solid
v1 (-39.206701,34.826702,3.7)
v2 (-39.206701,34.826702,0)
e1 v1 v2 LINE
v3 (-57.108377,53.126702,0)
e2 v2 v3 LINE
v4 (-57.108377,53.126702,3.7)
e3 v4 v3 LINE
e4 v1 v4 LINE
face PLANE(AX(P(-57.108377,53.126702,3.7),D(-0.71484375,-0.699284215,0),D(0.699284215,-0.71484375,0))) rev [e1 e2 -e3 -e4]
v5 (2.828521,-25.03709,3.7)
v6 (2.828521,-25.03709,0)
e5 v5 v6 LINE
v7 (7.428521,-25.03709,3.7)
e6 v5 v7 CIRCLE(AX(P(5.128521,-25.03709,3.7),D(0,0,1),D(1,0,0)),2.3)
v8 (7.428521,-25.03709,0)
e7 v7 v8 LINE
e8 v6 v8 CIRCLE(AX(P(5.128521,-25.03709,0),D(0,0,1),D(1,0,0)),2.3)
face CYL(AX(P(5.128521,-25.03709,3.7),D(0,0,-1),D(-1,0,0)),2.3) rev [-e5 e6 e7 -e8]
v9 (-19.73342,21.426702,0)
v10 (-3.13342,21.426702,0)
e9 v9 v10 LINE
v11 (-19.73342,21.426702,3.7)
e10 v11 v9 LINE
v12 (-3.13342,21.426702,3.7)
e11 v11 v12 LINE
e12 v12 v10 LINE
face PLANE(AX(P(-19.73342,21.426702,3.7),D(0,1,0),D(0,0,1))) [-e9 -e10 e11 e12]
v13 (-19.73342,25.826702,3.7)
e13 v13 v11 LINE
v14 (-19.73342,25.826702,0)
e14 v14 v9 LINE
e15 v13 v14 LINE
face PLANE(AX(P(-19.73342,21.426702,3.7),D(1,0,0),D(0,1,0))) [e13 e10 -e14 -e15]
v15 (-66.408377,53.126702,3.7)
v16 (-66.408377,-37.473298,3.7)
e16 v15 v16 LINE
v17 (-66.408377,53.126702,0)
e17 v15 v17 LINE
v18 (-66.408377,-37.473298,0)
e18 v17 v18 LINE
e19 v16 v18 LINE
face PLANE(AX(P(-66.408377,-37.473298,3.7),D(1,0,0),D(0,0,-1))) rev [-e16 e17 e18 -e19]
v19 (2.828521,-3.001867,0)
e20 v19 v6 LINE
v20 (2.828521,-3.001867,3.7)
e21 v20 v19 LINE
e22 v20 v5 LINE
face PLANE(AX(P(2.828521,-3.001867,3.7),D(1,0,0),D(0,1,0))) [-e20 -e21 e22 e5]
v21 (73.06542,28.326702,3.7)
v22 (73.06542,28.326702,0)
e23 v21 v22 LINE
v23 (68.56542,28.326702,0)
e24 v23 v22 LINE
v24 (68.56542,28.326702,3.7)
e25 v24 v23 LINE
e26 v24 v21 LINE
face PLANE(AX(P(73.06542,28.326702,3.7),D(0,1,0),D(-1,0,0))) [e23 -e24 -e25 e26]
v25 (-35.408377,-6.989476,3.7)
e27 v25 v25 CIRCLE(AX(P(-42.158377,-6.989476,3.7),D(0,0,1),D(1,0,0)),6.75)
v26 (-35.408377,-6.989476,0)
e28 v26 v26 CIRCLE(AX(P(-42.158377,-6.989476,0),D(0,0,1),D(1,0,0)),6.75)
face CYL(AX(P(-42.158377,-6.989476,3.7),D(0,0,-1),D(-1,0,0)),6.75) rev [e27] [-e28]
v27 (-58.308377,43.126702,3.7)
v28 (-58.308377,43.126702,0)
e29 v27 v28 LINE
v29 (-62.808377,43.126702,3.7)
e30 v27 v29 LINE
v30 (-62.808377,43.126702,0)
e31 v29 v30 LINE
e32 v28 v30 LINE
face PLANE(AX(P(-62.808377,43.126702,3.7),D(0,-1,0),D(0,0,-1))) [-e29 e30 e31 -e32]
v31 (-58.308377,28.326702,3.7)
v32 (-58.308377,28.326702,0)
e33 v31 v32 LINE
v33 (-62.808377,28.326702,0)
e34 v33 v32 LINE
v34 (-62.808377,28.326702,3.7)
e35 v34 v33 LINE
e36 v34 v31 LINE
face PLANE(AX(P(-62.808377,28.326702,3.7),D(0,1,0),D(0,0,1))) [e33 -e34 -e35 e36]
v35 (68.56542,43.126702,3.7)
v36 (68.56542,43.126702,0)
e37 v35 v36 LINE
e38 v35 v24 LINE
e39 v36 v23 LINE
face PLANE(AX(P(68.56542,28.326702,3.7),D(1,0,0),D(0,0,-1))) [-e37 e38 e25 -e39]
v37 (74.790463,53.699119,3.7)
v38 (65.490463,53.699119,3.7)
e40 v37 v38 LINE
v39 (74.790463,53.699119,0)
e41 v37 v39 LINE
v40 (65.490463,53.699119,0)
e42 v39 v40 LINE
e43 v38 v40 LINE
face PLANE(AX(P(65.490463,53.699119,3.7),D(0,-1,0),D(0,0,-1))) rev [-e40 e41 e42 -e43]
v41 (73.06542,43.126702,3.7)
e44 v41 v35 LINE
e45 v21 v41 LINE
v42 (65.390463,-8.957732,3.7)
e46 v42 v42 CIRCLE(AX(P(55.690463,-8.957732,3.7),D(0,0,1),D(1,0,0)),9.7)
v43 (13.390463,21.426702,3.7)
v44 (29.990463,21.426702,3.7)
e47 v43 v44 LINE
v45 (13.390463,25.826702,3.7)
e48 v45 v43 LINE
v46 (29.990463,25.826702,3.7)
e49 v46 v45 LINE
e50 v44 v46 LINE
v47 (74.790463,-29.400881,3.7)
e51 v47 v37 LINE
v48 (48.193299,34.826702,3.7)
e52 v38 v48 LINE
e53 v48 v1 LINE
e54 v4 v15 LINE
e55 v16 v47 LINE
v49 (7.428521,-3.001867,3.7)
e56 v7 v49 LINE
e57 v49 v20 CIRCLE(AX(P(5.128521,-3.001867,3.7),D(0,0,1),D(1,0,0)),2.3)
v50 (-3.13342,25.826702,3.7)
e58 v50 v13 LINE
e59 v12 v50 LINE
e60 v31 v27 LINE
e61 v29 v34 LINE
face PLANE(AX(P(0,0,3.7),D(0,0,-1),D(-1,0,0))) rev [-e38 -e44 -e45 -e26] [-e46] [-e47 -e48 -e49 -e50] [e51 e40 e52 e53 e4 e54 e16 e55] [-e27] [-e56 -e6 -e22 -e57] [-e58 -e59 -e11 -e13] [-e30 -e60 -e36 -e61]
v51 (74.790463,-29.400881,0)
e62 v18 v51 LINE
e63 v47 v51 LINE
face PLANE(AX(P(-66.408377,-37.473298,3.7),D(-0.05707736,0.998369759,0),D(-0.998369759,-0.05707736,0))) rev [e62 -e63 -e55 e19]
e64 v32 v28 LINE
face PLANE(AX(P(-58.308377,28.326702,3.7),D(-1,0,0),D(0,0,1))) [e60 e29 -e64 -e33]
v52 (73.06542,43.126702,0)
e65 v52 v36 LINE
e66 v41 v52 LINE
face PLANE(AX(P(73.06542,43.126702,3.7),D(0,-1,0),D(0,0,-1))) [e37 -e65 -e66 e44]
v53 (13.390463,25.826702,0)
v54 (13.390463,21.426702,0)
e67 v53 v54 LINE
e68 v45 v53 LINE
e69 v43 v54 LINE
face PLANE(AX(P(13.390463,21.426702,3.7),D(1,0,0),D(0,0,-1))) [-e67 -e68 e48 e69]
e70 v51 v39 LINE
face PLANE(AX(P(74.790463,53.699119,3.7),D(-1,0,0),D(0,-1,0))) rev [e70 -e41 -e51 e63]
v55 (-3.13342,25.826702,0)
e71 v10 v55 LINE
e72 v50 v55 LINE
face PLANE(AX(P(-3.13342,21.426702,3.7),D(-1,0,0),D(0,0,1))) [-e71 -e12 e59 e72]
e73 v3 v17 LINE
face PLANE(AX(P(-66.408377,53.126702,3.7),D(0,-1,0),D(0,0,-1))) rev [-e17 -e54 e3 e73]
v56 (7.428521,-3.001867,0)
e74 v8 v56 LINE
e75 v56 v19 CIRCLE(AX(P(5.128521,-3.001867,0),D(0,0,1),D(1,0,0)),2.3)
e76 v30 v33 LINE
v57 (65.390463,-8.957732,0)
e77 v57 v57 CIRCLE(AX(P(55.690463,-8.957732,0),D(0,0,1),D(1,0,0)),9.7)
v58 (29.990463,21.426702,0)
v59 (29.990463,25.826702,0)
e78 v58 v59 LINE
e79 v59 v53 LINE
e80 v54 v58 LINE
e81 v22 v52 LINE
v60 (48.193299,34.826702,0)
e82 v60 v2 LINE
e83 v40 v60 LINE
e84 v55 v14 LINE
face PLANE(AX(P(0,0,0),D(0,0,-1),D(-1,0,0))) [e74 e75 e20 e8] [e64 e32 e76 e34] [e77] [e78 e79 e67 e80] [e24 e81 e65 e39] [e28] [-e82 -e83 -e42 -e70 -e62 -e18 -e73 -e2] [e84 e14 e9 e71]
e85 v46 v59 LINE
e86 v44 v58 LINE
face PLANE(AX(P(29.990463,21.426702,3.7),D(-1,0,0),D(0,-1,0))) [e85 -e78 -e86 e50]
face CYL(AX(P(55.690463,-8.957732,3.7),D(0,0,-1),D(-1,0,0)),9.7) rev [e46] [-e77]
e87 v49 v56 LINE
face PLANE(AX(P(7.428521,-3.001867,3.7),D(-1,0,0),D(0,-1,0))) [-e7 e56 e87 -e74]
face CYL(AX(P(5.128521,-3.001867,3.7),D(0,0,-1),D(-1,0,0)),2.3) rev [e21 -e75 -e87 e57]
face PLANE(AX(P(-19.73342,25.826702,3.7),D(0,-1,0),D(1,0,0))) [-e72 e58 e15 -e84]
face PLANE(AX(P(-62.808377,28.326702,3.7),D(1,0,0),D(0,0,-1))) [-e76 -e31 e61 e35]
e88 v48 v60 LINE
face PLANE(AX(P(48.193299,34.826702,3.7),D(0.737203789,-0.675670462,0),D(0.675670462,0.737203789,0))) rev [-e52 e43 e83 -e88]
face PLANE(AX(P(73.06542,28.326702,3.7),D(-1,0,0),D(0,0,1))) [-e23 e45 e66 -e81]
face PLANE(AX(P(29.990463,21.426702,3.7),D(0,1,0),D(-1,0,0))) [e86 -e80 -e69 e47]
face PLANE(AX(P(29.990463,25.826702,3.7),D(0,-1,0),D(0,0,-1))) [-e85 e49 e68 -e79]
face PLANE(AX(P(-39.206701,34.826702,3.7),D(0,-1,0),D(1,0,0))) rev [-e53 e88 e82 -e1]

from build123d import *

# Parameters (mm, degrees)
SKETCH2_R           = 9.7
SKETCH2_R_2         = 6.75
SKETCH2_W           = 4.5
SKETCH2_H           = 14.8
SKETCH2_W_2         = 16.6
SKETCH2_H_2         = 4.4
BOSS_EXTRUDE1_DEPTH = 3.7


with BuildPart() as part:
    # Sketch2 → Boss-Extrude1 (new body)
    with BuildSketch(Plane.XY):
        Polygon((-66.408376963, -37.473298429), (-66.408376963, 53.126701571), (-57.108376963, 53.126701571), (-39.206701064, 34.826701571), (48.193298936, 34.826701571), (65.490462758, 53.699118578), (74.790462758, 53.699118578), (74.790462758, -29.400881422), align=None)
        with Locations((55.690462758, -8.957731732)):
            Circle(SKETCH2_R, mode=Mode.SUBTRACT)
        with Locations((-42.158376963, -6.98947646)):
            Circle(SKETCH2_R_2, mode=Mode.SUBTRACT)
        with Locations((-60.558376963, 35.726701571)):
            Rectangle(SKETCH2_W, SKETCH2_H, mode=Mode.SUBTRACT)
        with Locations((70.815419874, 35.726701571)):
            Rectangle(SKETCH2_W, SKETCH2_H, mode=Mode.SUBTRACT)
        with Locations((-11.433419848, 23.626701571)):
            Rectangle(SKETCH2_W_2, SKETCH2_H_2, mode=Mode.SUBTRACT)
        with Locations((21.690462758, 23.626701571)):
            Rectangle(SKETCH2_W_2, SKETCH2_H_2, mode=Mode.SUBTRACT)
        with BuildLine():
            Line((7.428521455, -3.001867406), (7.428521455, -25.037089926))
            ThreePointArc((7.428521455, -25.037089926), (5.128521455, -27.337089926), (2.828521455, -25.037089926))
            Line((2.828521455, -25.037089926), (2.828521455, -3.001867406))
            ThreePointArc((2.828521455, -3.001867406), (5.128521455, -0.701867406), (7.428521455, -3.001867406))
        make_face(mode=Mode.SUBTRACT)
    extrude(amount=BOSS_EXTRUDE1_DEPTH)


solid = part.part
